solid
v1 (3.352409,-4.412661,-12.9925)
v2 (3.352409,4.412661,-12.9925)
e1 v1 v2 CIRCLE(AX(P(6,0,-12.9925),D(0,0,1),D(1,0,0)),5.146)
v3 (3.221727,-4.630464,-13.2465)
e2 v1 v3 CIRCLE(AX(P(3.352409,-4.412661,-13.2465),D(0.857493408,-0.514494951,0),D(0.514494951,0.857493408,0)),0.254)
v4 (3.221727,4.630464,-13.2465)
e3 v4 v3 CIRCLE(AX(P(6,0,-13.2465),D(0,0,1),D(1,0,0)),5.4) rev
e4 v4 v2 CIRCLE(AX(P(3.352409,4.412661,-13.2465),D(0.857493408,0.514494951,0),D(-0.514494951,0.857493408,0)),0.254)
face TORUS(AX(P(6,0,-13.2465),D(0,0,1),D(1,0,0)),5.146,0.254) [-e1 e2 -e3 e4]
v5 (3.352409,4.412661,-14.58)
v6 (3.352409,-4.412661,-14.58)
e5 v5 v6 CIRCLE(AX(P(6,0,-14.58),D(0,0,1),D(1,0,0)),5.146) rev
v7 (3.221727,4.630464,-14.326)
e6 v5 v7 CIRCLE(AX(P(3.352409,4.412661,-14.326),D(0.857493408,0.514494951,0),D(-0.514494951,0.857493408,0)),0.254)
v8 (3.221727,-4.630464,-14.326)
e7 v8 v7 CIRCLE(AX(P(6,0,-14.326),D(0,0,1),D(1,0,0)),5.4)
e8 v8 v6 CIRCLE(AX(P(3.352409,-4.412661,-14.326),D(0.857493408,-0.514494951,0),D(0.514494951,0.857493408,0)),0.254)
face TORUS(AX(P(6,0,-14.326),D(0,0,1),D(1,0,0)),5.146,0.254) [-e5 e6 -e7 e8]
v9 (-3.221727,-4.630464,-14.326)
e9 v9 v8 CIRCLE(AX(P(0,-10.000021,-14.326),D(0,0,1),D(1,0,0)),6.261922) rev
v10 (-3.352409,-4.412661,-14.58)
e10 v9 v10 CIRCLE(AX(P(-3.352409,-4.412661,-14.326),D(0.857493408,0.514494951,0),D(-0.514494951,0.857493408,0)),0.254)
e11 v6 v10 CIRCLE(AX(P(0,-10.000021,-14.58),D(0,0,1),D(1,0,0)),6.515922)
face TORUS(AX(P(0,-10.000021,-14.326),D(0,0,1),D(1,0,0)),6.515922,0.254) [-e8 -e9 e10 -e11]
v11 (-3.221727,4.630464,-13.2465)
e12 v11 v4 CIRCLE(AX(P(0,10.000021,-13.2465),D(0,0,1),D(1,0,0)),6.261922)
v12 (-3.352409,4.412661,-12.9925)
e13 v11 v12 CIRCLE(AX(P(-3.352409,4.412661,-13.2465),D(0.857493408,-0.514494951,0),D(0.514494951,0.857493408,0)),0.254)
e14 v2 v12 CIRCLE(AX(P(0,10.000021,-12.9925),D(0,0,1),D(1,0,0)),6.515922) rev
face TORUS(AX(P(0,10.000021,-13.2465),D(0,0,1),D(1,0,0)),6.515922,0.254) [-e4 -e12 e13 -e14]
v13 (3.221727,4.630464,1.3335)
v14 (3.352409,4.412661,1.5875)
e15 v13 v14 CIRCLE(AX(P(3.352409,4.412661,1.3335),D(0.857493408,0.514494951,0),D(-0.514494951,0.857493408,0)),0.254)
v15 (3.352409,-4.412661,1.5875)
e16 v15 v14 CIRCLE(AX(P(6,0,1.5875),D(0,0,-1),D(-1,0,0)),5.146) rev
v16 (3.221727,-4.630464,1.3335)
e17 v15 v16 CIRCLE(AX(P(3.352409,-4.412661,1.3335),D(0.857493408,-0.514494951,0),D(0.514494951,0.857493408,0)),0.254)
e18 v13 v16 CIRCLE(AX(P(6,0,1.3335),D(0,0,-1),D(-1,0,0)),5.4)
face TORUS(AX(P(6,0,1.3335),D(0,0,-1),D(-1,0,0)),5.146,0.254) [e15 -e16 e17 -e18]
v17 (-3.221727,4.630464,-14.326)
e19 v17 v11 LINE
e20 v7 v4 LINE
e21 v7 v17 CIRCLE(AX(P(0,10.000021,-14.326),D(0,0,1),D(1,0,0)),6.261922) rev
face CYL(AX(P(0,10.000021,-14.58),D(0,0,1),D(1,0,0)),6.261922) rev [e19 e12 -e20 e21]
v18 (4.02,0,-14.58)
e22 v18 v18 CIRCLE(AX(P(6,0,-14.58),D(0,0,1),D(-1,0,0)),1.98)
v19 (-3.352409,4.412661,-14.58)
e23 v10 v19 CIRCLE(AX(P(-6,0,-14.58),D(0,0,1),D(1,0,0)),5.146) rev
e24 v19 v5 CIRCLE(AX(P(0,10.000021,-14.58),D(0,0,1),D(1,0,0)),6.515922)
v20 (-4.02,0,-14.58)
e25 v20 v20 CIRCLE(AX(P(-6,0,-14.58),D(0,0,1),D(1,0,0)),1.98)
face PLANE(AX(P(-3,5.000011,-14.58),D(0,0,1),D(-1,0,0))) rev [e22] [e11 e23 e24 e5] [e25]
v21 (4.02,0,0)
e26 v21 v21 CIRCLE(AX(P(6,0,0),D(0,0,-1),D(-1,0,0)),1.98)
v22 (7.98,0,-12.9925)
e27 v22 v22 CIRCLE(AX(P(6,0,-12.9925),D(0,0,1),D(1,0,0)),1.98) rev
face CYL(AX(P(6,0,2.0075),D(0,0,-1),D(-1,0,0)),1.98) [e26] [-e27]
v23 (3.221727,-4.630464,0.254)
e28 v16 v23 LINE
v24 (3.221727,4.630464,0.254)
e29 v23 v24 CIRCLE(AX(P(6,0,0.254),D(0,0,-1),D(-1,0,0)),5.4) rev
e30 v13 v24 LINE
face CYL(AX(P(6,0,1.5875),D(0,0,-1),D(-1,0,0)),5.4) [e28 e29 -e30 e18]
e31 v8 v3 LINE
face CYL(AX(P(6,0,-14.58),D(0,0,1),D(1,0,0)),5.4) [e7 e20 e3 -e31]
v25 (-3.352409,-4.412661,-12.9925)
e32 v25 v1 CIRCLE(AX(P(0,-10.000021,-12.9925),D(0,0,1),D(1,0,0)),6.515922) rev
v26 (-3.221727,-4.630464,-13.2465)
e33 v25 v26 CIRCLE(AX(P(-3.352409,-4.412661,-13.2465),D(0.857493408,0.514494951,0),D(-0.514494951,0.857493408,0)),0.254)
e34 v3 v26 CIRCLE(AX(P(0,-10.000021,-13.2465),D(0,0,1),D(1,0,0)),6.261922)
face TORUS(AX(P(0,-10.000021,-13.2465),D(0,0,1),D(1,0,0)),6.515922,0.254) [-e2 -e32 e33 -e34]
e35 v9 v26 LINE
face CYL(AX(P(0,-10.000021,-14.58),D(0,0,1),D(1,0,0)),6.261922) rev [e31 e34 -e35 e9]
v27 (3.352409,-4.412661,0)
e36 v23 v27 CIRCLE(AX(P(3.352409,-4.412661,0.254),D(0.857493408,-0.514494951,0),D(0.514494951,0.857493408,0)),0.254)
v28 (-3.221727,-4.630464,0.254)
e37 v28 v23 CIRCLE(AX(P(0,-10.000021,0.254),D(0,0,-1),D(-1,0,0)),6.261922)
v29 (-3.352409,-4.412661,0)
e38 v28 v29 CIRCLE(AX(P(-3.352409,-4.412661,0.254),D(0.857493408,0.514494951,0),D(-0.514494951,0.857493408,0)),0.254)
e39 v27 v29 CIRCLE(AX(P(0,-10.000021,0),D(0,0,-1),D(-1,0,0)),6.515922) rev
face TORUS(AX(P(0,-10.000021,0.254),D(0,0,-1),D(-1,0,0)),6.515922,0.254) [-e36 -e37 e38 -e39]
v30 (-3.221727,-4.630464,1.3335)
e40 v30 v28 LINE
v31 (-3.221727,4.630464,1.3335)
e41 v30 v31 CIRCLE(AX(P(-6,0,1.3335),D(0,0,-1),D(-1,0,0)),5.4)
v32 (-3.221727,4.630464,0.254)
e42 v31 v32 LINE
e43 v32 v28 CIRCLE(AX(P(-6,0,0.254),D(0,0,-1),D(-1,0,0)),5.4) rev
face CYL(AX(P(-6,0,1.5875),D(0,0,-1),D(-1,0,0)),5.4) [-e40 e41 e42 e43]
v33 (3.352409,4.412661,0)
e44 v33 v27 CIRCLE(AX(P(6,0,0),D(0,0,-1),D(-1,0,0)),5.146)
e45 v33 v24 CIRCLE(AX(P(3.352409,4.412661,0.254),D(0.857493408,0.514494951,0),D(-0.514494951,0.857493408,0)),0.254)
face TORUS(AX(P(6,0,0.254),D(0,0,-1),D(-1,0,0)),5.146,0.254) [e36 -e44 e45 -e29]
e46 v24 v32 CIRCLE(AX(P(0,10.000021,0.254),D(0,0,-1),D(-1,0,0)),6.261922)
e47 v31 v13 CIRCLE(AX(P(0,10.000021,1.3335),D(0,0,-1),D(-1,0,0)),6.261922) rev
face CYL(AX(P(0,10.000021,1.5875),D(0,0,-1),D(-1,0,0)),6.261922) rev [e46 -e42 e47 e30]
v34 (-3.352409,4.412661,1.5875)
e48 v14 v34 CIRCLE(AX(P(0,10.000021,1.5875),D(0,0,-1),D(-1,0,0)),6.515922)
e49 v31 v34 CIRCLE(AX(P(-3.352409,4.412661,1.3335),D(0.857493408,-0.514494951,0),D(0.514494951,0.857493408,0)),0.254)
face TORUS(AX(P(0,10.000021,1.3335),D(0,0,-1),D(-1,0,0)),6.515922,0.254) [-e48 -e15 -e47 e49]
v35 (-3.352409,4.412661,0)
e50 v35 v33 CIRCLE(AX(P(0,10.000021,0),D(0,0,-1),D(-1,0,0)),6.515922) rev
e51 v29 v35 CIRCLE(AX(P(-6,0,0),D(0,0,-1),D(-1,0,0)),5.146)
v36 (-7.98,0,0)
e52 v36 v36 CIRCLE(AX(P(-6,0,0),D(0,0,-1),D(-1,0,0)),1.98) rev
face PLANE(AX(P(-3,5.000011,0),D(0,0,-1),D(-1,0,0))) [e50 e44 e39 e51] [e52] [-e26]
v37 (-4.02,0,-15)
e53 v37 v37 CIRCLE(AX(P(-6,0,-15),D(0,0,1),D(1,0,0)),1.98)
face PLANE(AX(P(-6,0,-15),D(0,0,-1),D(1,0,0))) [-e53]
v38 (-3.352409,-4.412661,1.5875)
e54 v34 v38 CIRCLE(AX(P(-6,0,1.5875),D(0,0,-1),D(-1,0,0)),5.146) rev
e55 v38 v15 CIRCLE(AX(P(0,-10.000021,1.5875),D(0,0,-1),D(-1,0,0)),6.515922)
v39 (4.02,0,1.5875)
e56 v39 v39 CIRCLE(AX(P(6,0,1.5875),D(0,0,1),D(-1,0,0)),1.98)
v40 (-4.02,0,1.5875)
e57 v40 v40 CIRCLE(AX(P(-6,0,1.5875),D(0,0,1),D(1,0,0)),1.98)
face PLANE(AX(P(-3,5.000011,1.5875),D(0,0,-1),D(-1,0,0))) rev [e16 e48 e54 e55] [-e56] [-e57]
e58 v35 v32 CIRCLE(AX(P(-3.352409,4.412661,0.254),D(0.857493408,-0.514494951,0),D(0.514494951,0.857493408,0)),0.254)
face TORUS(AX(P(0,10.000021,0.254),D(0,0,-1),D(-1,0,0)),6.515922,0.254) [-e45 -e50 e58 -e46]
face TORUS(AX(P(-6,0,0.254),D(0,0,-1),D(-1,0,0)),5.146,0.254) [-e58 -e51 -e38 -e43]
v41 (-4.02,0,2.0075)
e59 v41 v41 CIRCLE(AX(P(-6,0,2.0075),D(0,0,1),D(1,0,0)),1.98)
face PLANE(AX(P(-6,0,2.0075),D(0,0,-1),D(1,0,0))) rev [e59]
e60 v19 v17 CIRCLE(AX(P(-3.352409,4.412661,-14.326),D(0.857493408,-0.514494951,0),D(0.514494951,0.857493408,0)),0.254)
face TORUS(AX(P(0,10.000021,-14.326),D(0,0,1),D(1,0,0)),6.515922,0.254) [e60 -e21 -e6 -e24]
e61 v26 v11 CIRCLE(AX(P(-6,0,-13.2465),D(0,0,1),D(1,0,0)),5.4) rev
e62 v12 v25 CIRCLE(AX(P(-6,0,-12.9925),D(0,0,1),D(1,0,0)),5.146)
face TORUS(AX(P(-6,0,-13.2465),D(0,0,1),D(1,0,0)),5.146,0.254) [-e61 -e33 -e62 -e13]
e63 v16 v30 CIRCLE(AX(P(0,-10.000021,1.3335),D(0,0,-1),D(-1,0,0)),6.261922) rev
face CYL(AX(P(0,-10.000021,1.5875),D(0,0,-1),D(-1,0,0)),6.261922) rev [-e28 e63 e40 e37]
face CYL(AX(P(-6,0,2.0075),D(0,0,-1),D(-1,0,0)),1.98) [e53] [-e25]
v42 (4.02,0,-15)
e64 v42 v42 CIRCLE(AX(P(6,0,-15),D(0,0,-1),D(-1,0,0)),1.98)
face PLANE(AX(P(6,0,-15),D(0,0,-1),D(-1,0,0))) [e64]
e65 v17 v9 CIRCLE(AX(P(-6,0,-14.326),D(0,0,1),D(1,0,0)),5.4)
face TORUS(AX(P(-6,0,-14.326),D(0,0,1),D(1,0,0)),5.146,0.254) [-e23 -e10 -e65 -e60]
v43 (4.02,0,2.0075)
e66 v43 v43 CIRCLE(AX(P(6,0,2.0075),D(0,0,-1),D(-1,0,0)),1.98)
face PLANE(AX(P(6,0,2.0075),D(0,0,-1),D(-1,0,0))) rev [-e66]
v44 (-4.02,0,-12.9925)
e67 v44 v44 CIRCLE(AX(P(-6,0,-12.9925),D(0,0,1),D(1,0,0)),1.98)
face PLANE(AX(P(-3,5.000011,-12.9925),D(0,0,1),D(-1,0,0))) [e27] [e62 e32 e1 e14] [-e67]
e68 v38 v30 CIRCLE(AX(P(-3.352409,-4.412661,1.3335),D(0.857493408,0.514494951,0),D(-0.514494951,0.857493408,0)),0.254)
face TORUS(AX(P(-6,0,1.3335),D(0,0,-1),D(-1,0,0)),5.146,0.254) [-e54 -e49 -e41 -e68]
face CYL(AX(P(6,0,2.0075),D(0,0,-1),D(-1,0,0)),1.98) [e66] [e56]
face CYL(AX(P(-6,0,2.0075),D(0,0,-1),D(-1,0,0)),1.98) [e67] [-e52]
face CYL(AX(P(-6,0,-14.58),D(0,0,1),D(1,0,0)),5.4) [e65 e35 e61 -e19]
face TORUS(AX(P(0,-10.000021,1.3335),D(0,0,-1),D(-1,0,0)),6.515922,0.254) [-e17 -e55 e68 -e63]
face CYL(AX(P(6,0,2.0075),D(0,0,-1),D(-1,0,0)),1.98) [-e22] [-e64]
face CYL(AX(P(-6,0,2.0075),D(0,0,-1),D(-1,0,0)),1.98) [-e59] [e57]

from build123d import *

# Parameters (mm, degrees)
SKETCH1_R           = 1.98
BOSS_EXTRUDE1_DEPTH = 1.5875
BOSS_EXTRUDE3_START = 15
SKETCH2_R           = 1.98
BOSS_EXTRUDE3_DEPTH = 17.0075
FILLET1_R           = 0.254


with BuildPart() as part:
    # Sketch1 → Boss-Extrude1 (new body)
    with BuildSketch(Plane.XY):
        with BuildLine():
            ThreePointArc((-3.221727265, 4.630464406), (-11.4, 0), (-3.221727265, -4.630464406))
            ThreePointArc((-3.221727265, -4.630464406), (0, -3.738099241), (3.221727265, -4.630464406))
            ThreePointArc((3.221727265, -4.630464406), (11.4, 0), (3.221727265, 4.630464406))
            ThreePointArc((3.221727265, 4.630464406), (0, 3.738099241), (-3.221727265, 4.630464406))
        make_face()
        with Locations((-6, 0)):
            Circle(SKETCH1_R, mode=Mode.SUBTRACT)
        with Locations(Location((6, 0, 0), (0, 0, 180))):
            Circle(SKETCH1_R, mode=Mode.SUBTRACT)
    boss_extrude1 = extrude(amount=BOSS_EXTRUDE1_DEPTH)

    # Sketch2 → Boss-Extrude3 (add)
    with BuildSketch(Plane(origin=(0, 0, 0), x_dir=(-1, 0, 0), z_dir=(0, 0, -1)).offset(BOSS_EXTRUDE3_START)):
        with Locations((-6, 0)):
            Circle(SKETCH2_R)
    boss_extrude3 = extrude(amount=-BOSS_EXTRUDE3_DEPTH)

    # Mirror1: Boss-Extrude3 across plane
    add(boss_extrude3.mirror(Plane(origin=(0, 0, 0), x_dir=(0, 0, 1), z_dir=(1, 0, 0))))

    # Mirror2: Boss-Extrude1 across plane
    add(boss_extrude1.mirror(Plane(origin=(0, 0, -6.49625), x_dir=(1, 0, 0), z_dir=(0, 0, -1))))

    # Fillet1
    fillet1_edges = [part.edges().sort_by_distance(p)[0] for p in [
        (0, -3.738099241, 1.5875),
        (11.4, 0, 1.5875),
        (0, 3.738099241, -14.58),
        (11.4, 0, -14.58),
        (0, -3.738099241, -14.58),
        (-11.4, 0, -14.58),
        (0, 3.738099241, -12.9925),
        (-11.4, 0, -12.9925),
        (0, -3.738099241, -12.9925),
        (11.4, 0, -12.9925),
        (0, 3.738099241, 1.5875),
        (11.4, 0, 0),
        (0, -3.738099241, 0),
        (-11.4, 0, 0),
        (0, 3.738099241, 0),
        (-11.4, 0, 1.5875),
    ]]
    fillet(fillet1_edges, radius=FILLET1_R)


solid = part.part
